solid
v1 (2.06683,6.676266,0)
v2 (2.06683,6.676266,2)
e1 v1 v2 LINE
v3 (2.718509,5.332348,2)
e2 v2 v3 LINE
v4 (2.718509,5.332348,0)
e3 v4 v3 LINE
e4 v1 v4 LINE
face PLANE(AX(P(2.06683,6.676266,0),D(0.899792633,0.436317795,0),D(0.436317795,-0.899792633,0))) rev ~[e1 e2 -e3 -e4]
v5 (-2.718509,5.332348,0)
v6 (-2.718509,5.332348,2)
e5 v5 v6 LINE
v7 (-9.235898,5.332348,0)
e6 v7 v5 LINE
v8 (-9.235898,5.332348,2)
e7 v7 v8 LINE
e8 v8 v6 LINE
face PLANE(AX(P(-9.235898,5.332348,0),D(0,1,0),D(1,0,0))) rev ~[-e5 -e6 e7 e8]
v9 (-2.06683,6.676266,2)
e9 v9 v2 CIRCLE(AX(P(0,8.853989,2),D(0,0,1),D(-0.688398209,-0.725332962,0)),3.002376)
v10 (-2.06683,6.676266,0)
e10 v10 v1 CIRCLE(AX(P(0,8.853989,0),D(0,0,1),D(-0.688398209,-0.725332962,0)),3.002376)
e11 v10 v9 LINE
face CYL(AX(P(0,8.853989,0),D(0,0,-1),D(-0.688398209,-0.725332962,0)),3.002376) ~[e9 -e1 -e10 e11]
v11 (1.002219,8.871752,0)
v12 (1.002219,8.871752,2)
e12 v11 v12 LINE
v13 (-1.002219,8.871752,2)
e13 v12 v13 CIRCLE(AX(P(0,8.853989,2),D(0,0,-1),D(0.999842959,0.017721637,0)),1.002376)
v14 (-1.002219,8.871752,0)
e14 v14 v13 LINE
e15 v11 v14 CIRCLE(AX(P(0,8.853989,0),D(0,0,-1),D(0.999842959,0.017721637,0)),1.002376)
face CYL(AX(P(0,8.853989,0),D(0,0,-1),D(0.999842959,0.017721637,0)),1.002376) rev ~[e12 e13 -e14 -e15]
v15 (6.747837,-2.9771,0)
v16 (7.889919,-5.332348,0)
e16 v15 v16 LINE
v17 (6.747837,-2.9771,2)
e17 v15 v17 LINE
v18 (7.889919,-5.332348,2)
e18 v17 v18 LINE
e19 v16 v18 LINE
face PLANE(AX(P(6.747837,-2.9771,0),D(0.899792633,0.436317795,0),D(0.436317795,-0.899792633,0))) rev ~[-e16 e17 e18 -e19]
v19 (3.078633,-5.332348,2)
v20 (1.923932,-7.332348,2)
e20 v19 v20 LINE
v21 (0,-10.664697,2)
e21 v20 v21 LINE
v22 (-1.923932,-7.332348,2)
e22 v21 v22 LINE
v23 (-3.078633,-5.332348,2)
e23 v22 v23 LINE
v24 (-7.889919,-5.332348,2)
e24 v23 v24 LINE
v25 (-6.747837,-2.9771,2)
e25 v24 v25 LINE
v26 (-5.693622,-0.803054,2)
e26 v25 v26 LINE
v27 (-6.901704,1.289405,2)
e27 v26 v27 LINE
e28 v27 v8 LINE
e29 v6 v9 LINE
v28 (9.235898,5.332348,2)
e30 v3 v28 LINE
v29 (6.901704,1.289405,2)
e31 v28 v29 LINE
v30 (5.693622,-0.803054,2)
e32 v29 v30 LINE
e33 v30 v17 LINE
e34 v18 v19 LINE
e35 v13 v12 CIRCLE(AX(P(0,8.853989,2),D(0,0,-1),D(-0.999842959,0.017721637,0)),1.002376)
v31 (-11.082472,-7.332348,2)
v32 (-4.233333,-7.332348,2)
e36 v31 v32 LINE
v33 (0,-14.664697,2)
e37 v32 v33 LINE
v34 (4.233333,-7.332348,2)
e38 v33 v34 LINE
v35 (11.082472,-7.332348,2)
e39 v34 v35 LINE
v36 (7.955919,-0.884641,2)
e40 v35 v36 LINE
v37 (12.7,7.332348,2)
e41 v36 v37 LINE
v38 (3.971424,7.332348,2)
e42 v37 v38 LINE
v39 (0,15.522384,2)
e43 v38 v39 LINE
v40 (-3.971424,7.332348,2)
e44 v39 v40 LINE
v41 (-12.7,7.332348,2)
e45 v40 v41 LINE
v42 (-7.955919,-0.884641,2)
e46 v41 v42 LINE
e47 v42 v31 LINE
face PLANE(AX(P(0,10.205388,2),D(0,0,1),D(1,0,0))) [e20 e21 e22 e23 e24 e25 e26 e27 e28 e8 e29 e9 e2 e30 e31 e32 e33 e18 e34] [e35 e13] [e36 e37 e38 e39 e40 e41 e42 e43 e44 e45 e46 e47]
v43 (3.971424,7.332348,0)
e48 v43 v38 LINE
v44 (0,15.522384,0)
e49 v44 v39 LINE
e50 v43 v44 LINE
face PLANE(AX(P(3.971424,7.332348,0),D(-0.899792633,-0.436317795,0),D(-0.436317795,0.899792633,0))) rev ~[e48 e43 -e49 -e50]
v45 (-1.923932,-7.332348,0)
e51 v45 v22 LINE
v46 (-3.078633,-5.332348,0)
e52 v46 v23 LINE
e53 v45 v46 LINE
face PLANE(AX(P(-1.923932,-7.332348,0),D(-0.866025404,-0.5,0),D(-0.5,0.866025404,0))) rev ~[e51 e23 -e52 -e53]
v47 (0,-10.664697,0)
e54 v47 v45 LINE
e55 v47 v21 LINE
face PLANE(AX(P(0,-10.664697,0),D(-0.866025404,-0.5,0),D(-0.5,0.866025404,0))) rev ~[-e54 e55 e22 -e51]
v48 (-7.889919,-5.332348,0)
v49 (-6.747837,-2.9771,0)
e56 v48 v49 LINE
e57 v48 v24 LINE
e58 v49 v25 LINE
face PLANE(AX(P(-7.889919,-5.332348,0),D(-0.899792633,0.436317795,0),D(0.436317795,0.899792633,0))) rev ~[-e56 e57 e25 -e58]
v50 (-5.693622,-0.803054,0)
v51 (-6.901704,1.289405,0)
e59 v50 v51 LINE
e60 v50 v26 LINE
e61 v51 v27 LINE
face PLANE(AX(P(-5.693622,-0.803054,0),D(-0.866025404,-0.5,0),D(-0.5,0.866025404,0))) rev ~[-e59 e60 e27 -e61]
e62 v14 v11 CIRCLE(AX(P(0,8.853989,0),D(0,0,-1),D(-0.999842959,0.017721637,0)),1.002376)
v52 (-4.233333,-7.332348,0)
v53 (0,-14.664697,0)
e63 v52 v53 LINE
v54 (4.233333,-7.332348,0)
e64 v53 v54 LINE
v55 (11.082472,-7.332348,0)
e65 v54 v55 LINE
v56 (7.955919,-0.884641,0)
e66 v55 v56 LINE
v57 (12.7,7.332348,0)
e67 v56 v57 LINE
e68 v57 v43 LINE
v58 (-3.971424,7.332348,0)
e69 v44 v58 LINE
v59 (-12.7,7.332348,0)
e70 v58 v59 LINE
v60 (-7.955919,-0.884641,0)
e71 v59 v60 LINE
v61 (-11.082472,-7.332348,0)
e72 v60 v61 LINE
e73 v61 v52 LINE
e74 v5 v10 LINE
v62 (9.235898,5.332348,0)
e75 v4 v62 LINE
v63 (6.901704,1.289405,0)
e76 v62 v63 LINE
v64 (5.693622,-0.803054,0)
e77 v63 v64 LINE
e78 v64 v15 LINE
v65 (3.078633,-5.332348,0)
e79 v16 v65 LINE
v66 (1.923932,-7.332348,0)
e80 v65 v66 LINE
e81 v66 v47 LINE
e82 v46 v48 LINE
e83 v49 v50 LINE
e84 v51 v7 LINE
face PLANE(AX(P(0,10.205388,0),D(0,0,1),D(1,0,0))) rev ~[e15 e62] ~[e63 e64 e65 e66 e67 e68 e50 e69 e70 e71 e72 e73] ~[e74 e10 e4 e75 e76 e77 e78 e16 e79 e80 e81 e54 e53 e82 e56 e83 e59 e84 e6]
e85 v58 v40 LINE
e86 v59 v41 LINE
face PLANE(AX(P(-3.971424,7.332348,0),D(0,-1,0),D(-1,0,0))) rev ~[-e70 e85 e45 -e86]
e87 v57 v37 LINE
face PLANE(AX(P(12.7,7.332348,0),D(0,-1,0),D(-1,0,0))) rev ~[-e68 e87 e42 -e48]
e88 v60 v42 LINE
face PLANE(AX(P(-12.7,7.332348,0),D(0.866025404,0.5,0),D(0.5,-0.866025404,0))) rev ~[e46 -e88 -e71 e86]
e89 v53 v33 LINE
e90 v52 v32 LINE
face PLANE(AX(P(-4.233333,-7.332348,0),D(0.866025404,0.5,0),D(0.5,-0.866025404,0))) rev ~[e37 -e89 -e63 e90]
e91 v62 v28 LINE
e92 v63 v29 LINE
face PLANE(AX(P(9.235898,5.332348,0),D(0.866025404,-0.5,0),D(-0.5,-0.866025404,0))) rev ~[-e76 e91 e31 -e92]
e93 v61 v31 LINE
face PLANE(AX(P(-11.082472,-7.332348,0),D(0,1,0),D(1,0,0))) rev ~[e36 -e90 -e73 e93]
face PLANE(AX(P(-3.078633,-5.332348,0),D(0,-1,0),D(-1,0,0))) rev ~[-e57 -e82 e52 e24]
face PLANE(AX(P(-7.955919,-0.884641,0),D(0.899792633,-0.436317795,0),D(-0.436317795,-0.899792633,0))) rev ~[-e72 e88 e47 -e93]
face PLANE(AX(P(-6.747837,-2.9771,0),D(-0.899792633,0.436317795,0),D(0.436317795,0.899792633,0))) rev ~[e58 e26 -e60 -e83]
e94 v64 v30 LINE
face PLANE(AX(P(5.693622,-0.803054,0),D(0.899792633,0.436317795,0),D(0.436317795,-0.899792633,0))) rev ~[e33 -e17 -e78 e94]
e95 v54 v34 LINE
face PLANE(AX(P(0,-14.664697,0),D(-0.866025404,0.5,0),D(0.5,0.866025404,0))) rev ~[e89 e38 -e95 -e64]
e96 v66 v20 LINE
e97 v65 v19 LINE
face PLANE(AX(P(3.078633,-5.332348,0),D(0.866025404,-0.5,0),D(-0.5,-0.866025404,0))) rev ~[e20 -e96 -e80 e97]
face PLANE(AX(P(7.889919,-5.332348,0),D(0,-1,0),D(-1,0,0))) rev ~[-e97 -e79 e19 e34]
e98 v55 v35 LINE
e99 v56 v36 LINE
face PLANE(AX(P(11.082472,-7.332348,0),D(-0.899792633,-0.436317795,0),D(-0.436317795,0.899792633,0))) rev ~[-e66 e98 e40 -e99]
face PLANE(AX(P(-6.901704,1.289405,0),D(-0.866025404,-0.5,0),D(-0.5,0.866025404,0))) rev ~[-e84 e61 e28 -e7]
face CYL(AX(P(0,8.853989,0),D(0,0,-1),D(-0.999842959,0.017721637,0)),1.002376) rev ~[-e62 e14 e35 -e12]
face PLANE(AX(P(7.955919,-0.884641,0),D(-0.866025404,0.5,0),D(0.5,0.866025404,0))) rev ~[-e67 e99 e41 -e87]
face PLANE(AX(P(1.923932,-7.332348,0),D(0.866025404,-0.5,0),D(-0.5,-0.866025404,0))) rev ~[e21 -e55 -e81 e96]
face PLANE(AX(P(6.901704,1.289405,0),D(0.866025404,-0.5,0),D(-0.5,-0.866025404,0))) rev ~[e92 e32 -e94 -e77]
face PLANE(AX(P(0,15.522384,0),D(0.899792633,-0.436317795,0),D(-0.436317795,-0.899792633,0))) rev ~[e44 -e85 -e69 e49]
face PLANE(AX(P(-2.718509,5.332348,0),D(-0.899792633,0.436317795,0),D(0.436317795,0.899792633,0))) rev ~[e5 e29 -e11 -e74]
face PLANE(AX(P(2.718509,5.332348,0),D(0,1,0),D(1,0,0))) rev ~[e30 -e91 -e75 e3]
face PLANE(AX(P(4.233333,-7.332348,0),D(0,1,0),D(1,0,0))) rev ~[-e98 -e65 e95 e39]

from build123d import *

# Parameters (mm, degrees)
F1_DEPTH = 2


with BuildPart() as f1:
    # F0 (on Top) → F1 (new body)
    with BuildSketch(Plane.XY):
        with BuildLine():
            Line((0, 15.5223844547), (-3.9714244495, 7.3323484187))
            Line((-3.9714244495, 7.3323484187), (-1.7486900915, 7.3323484187))
            Line((-1.7486900915, 7.3323484187), (-1.0022187869, 8.8717524694))
            ThreePointArc((-1.0022187869, 8.8717524694), (0, 9.8563649226), (1.0022187869, 8.8717524694))
            Line((1.0022187869, 8.8717524694), (1.7486900915, 7.3323484187))
            Line((1.7486900915, 7.3323484187), (3.9714244495, 7.3323484187))
            Line((3.9714244495, 7.3323484187), (0, 15.5223844547))
        make_face()
        with BuildLine():
            Line((1.7486900915, 7.3323484187), (-1.7486900915, 7.3323484187))
            Line((-1.7486900915, 7.3323484187), (-2.066830398, 6.676266298))
            ThreePointArc((-2.066830398, 6.676266298), (0, 5.8516125213), (2.066830398, 6.676266298))
            Line((2.066830398, 6.676266298), (1.7486900915, 7.3323484187))
        make_face()
        Polygon((-3.9714244495, 7.3323484187), (-12.7, 7.3323484187), (-7.9559188912, -0.8846410969), (-6.9017038362, 1.2894048657), (-9.2358983849, 5.3323484187), (-4.9412430027, 5.3323484187), align=None)
        Polygon((-1.7486900915, 7.3323484187), (-3.9714244495, 7.3323484187), (-4.9412430027, 5.3323484187), (-2.7185086447, 5.3323484187), (-2.066830398, 6.676266298), align=None)
        Polygon((12.7, 7.3323484187), (3.9714244495, 7.3323484187), (4.9412430027, 5.3323484187), (9.2358983849, 5.3323484187), (6.9017038362, 1.2894048657), (7.9559188912, -0.8846410969), align=None)
        Polygon((3.9714244495, 7.3323484187), (1.7486900915, 7.3323484187), (2.066830398, 6.676266298), (2.7185086447, 5.3323484187), (4.9412430027, 5.3323484187), align=None)
        Polygon((-6.9017038362, 1.2894048657), (-7.9559188912, -0.8846410969), (-6.747837227, -2.977099919), (-5.693622172, -0.8030539564), align=None)
        Polygon((-6.747837227, -2.977099919), (-7.9559188912, -0.8846410969), (-11.0824719843, -7.3323484187), (-4.2333333333, -7.3323484187), (-5.3880338717, -5.3323484187), (-7.8899190732, -5.3323484187), align=None)
        Polygon((-3.078632795, -5.3323484187), (-5.3880338717, -5.3323484187), (-4.2333333333, -7.3323484187), (-1.9239322566, -7.3323484187), align=None)
        Polygon((-1.9239322566, -7.3323484187), (-4.2333333333, -7.3323484187), (0, -14.6646968374), (4.2333333333, -7.3323484187), (1.9239322566, -7.3323484187), (0, -10.6646968374), align=None)
        Polygon((1.9239322566, -7.3323484187), (4.2333333333, -7.3323484187), (5.3880338717, -5.3323484187), (3.078632795, -5.3323484187), align=None)
        Polygon((11.0824719843, -7.3323484187), (7.9559188912, -0.8846410969), (6.747837227, -2.977099919), (7.8899190732, -5.3323484187), (5.3880338717, -5.3323484187), (4.2333333333, -7.3323484187), align=None)
        Polygon((6.747837227, -2.977099919), (7.9559188912, -0.8846410969), (6.9017038362, 1.2894048657), (5.693622172, -0.8030539564), align=None)
        with BuildLine():
            Line((-1.0022187869, 8.8717524694), (-1.7486900915, 7.3323484187))
            Line((-1.7486900915, 7.3323484187), (1.7486900915, 7.3323484187))
            Line((1.7486900915, 7.3323484187), (1.0022187869, 8.8717524694))
            ThreePointArc((1.0022187869, 8.8717524694), (0, 7.8516125213), (-1.0022187869, 8.8717524694))
        make_face()
    extrude(amount=F1_DEPTH)


solid = f1.part
